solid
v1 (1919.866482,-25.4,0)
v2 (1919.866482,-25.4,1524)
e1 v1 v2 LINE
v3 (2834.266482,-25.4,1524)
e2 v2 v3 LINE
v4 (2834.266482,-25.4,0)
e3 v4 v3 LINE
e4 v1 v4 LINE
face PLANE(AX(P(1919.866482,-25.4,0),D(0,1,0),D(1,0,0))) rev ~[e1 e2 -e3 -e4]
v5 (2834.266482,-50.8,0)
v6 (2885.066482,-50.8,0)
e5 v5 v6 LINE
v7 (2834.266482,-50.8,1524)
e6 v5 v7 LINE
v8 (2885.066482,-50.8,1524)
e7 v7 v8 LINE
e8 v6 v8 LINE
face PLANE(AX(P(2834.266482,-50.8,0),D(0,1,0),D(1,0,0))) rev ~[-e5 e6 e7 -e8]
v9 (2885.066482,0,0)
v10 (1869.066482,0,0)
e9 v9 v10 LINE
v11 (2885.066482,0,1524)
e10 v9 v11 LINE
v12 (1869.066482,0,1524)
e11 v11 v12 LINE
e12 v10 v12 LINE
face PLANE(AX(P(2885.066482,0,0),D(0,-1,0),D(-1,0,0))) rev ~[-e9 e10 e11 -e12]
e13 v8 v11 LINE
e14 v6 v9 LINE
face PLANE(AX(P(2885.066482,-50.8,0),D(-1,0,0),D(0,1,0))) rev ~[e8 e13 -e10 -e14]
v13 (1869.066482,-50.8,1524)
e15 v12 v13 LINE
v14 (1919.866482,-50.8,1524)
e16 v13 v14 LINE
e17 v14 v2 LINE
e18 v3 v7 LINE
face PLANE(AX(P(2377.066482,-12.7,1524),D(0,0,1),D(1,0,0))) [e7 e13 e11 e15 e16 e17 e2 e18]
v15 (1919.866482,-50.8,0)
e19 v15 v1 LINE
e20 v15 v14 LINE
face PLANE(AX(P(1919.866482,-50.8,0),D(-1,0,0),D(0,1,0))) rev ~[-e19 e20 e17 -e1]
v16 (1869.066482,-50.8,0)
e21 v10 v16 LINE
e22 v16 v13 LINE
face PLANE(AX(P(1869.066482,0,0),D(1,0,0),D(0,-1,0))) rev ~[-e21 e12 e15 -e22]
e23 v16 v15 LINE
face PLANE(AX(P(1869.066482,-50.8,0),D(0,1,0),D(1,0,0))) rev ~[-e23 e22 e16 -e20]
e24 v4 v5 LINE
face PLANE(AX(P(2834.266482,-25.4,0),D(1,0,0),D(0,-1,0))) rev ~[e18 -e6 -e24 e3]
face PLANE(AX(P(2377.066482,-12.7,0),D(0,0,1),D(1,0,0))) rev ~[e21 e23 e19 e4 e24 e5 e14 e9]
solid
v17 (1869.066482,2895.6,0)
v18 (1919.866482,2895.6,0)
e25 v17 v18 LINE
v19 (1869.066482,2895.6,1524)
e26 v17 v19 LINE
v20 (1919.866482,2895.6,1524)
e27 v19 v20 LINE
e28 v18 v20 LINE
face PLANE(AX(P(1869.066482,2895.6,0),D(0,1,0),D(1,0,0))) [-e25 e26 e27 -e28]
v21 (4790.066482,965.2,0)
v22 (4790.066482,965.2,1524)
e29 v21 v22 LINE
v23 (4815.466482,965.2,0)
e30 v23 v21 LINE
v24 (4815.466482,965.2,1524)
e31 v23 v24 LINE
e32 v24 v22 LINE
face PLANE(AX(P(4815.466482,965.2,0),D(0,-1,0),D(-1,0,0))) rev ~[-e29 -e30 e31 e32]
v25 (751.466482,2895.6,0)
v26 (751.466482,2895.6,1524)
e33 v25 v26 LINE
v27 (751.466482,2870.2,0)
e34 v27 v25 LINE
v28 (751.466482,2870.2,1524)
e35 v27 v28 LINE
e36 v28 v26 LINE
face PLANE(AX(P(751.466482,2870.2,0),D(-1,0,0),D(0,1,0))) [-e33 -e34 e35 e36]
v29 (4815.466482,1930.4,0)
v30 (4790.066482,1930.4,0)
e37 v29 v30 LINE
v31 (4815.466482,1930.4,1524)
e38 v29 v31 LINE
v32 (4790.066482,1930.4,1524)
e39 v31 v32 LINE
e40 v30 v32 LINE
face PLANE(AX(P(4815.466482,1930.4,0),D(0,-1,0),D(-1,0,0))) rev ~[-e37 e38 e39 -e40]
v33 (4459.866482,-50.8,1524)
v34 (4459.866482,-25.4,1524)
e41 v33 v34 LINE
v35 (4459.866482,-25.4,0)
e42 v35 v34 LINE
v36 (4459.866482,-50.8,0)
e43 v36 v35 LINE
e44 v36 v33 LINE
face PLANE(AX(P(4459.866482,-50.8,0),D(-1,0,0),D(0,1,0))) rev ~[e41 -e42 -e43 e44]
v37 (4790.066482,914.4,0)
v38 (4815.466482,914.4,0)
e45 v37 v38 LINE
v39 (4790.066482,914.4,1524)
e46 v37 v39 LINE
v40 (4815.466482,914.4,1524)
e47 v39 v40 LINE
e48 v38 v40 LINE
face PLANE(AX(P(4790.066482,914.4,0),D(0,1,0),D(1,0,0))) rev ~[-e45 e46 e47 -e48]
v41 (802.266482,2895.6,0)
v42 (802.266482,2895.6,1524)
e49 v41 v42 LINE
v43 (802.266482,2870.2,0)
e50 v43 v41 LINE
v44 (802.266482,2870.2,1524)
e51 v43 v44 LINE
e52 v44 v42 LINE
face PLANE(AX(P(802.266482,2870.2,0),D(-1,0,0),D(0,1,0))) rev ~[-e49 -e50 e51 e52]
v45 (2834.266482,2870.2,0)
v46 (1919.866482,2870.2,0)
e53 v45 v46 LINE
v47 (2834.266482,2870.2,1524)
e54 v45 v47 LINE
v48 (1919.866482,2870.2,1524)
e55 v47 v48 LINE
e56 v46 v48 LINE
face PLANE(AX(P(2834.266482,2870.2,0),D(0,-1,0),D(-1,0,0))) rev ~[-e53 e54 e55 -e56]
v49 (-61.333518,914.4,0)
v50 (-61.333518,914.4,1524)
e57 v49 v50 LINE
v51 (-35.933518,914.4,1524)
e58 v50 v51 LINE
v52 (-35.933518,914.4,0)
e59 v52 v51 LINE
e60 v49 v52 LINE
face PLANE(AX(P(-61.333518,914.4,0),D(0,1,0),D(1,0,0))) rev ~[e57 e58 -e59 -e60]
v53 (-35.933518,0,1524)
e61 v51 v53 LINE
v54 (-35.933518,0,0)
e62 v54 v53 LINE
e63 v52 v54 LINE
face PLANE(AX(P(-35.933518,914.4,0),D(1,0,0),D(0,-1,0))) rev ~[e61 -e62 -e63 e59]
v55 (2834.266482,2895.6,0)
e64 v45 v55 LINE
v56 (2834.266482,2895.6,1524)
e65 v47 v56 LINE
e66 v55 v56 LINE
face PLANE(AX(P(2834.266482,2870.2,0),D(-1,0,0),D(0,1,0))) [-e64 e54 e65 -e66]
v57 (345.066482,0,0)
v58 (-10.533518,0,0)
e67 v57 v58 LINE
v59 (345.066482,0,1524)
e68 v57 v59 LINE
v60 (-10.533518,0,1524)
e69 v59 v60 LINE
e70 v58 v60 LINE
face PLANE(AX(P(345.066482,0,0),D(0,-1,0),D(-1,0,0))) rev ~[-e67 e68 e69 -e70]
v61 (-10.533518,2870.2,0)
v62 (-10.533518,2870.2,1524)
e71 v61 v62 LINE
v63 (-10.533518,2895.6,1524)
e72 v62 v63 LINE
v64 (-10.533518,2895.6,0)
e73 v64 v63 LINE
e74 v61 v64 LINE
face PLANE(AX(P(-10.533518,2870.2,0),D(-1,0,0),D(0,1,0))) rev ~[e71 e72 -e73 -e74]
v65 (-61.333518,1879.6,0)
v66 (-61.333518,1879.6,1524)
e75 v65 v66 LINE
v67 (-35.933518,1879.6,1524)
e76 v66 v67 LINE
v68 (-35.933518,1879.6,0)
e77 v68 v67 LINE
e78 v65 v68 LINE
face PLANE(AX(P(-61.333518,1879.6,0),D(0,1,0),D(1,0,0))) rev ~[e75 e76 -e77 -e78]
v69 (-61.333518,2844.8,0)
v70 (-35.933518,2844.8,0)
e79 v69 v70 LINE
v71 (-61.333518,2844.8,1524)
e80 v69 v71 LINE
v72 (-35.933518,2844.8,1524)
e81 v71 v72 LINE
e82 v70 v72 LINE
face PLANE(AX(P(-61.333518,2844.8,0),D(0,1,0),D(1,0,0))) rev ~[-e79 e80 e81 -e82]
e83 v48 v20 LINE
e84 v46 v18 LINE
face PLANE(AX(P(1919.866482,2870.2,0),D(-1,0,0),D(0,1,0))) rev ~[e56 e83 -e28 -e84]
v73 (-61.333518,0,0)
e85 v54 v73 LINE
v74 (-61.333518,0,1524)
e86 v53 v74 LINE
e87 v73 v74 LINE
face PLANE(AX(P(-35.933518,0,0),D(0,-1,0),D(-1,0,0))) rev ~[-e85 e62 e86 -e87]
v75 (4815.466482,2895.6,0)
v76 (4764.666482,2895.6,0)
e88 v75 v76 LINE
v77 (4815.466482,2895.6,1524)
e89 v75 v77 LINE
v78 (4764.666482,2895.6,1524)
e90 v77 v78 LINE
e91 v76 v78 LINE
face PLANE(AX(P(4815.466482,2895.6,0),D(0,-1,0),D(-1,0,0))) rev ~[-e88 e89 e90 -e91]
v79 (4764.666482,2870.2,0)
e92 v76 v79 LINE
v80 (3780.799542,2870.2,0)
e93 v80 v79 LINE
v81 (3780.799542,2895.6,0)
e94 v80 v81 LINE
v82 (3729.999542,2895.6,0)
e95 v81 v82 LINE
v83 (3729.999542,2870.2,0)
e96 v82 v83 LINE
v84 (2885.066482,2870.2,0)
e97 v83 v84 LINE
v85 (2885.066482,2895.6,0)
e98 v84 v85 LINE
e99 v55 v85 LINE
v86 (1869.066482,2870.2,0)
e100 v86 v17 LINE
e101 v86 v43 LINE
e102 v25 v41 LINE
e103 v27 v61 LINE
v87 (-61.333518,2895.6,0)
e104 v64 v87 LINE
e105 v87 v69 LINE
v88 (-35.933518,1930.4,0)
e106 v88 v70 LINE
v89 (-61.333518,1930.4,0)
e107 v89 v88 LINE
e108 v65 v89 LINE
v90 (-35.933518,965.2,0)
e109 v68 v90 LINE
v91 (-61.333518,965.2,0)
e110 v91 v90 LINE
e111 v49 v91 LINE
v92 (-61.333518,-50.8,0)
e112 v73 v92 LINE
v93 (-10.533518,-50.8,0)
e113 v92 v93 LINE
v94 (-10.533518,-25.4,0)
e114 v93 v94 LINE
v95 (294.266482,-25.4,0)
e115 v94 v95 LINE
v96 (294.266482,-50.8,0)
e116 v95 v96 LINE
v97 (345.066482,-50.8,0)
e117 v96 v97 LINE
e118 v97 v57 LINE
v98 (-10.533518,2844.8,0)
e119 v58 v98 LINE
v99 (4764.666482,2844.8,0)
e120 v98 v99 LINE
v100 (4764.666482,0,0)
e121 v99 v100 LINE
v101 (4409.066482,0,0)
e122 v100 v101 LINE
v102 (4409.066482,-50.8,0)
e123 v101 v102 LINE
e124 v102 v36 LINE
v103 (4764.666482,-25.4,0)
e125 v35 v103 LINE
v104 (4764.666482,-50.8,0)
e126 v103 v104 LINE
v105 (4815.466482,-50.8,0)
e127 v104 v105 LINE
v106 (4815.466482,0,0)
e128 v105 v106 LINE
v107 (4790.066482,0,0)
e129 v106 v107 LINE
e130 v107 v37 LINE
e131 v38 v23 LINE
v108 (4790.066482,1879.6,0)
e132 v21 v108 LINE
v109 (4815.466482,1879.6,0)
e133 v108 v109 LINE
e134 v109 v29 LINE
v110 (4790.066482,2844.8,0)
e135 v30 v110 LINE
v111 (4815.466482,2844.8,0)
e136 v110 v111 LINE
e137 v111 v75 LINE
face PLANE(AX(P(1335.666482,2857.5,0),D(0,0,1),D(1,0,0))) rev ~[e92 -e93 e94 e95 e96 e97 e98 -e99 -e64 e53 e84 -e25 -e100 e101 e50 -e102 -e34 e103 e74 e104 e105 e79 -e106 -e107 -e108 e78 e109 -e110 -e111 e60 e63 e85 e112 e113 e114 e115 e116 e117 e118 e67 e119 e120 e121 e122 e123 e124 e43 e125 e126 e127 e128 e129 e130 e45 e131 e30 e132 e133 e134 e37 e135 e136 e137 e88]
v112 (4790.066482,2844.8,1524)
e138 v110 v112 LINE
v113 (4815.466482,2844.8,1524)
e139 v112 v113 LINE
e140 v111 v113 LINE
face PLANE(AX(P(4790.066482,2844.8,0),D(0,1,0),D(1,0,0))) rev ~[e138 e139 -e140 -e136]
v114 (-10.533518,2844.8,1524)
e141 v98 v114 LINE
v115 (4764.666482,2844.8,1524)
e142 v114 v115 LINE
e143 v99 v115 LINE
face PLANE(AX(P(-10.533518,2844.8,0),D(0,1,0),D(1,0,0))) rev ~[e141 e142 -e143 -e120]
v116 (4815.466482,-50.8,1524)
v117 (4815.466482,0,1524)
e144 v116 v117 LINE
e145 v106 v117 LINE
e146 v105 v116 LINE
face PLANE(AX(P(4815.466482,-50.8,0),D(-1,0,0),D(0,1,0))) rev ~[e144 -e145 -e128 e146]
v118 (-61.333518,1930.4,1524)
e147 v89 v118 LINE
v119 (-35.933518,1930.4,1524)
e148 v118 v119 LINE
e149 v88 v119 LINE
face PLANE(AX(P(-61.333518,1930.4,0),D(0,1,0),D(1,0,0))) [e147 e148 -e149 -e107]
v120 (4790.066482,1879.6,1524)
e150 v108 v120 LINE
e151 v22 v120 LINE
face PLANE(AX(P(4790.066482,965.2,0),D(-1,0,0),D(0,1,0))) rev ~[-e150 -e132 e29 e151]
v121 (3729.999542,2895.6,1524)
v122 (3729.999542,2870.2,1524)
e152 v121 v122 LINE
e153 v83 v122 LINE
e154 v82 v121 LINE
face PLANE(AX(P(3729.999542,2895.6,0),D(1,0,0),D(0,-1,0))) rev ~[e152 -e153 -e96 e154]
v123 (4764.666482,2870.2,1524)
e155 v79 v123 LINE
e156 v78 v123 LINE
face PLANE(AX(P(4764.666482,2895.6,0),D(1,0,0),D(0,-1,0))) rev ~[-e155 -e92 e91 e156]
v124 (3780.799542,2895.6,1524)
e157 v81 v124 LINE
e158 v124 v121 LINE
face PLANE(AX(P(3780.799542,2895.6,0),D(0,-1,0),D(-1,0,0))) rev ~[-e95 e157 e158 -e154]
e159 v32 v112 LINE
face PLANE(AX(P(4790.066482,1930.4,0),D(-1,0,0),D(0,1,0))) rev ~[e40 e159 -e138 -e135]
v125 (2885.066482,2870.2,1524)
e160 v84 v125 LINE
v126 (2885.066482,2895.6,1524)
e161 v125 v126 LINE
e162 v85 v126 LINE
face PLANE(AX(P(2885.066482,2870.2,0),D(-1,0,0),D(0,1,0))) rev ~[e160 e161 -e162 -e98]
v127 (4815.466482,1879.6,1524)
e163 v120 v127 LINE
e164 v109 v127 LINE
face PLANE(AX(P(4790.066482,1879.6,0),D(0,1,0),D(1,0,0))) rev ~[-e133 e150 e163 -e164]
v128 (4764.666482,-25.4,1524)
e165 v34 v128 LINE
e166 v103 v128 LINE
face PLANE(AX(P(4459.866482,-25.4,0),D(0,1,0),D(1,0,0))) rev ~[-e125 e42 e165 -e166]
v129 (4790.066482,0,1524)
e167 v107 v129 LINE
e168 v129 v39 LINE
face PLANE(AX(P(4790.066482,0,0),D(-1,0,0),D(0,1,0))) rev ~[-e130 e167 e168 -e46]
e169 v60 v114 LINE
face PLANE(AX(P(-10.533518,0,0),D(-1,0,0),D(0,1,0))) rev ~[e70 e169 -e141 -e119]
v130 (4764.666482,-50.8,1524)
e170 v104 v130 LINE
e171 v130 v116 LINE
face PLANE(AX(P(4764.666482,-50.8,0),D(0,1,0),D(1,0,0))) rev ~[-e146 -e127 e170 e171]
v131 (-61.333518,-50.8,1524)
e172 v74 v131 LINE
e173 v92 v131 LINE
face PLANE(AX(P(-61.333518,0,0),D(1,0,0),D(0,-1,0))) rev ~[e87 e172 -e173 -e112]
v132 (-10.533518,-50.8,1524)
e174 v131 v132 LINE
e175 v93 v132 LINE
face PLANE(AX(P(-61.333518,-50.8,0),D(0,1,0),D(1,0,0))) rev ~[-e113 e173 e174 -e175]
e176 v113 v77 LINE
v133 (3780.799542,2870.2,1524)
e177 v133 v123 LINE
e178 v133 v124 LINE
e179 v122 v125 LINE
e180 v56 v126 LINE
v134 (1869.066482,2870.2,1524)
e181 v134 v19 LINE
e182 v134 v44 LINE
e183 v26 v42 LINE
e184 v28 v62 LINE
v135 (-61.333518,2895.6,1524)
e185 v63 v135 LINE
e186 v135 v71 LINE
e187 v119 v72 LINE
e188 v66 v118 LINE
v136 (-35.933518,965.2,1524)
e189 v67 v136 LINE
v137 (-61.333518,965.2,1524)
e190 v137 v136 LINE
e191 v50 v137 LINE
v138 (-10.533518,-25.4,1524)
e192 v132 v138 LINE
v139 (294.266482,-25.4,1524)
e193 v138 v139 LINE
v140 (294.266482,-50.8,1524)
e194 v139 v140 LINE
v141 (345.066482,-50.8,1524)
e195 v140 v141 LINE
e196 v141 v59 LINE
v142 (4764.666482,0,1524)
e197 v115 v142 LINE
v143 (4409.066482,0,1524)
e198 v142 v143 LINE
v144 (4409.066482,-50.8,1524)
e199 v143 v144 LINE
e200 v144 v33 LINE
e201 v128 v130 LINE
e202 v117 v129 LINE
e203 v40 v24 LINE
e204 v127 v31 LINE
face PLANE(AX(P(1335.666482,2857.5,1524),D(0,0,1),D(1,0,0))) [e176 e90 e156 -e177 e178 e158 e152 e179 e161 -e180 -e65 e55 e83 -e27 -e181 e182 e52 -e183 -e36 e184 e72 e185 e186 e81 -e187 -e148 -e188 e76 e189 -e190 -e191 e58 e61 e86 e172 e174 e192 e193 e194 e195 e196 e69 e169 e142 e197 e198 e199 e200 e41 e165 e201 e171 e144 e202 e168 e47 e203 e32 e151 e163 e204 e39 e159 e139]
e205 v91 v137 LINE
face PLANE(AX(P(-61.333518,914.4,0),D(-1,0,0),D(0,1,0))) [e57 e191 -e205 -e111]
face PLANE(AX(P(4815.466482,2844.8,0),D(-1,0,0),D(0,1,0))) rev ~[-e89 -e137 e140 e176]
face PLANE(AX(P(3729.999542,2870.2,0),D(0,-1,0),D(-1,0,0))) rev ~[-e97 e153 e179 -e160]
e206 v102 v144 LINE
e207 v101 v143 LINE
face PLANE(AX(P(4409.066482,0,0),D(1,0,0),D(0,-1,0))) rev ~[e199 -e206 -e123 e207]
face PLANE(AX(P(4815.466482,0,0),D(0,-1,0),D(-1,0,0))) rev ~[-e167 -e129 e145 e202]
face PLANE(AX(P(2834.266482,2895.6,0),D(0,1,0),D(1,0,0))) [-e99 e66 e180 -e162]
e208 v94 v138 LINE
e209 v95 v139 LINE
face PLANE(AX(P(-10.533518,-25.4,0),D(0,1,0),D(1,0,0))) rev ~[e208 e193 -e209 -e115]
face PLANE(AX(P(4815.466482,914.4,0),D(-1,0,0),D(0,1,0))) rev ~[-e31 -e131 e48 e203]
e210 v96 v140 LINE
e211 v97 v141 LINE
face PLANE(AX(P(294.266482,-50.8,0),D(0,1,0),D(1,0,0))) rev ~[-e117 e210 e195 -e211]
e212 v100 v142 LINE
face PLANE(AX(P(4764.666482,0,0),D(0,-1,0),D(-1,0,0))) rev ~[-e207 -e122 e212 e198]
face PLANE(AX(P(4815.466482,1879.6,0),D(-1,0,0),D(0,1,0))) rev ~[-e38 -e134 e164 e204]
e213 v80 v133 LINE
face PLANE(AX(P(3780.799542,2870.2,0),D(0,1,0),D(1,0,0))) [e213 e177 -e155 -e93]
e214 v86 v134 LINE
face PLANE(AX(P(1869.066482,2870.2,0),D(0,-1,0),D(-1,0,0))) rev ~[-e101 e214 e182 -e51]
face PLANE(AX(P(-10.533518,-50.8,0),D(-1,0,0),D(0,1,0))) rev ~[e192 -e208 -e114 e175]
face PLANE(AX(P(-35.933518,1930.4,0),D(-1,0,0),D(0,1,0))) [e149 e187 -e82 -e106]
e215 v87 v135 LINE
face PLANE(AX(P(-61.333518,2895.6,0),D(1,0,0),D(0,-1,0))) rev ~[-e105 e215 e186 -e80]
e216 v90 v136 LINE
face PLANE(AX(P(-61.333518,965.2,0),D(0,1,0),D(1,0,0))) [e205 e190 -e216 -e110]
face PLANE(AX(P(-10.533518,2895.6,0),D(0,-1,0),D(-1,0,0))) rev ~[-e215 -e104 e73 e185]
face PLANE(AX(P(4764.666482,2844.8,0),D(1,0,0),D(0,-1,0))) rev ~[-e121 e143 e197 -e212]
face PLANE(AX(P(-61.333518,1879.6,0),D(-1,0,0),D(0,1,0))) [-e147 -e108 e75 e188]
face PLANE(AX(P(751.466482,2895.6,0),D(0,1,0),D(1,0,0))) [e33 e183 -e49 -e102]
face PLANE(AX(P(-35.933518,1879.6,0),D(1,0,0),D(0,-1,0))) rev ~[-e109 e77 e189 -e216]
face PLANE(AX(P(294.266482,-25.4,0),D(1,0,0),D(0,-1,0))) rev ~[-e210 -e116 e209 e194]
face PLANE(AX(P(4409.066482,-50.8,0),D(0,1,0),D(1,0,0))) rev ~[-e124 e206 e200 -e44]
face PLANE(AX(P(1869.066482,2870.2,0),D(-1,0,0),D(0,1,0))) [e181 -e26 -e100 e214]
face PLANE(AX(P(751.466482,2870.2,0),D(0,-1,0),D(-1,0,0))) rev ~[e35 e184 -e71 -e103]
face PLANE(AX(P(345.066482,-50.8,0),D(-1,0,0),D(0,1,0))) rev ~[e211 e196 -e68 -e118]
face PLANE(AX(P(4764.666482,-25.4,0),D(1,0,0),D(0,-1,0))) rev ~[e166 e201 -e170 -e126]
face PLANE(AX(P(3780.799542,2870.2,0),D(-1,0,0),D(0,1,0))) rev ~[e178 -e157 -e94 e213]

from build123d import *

# Parameters (mm, degrees)
F0_W     = 914.4
F0_H     = 25.4
F0_W_2   = 1066.8
F0_W_3   = 25.4
F0_H_2   = 914.4
F0_W_4   = 304.8
F0_W_5   = 844.93306
F0_W_6   = 762
F0_W_7   = 983.86694
F0_W_8   = 50.8
F0_H_3   = 50.8
F1_DEPTH = 1524


with BuildPart() as f1:
    # F0 (on Top) → F1 (new body)
    with BuildSketch(Plane.XY):
        with Locations((2377.066482, -12.7)):
            Rectangle(F0_W, F0_H)
        with Locations((1335.666482, 2857.5)):
            Rectangle(F0_W_2, F0_H)
        with Locations((4777.366482, 2387.6)):
            Rectangle(F0_W_3, F0_H_2)
        with Locations((4777.366482, 1422.4)):
            Rectangle(F0_W_3, F0_H_2)
        with Locations((4612.266482, -12.7)):
            Rectangle(F0_W_4, F0_H)
        with Locations((3307.533012, 2857.5)):
            Rectangle(F0_W_5, F0_H)
        with Locations((370.466482, 2857.5)):
            Rectangle(F0_W_6, F0_H)
        with Locations((4272.733012, 2857.5)):
            Rectangle(F0_W_7, F0_H)
        with Locations((141.866482, -12.7)):
            Rectangle(F0_W_4, F0_H)
        with Locations((2377.066482, 2857.5)):
            Rectangle(F0_W, F0_H)
        with Locations((4777.366482, 457.2)):
            Rectangle(F0_W_3, F0_H_2)
        with Locations((-23.233518, 2387.6)):
            Rectangle(F0_W_3, F0_H_2)
        with Locations((-23.233518, 457.2)):
            Rectangle(F0_W_3, F0_H_2)
        with Locations((-23.233518, 1422.4)):
            Rectangle(F0_W_3, F0_H_2)
        with Locations((776.866482, 2857.5)):
            Rectangle(F0_W_8, F0_H)
        with Locations((776.866482, 2882.9)):
            Rectangle(F0_W_8, F0_H)
        with Locations((2859.666482, 2857.5)):
            Rectangle(F0_W_8, F0_H)
        Polygon((4790.066482, 1930.4), (4764.666482, 1930.4), (4764.666482, 1879.6), (4790.066482, 1879.6), (4815.466482, 1879.6), (4815.466482, 1930.4), align=None)
        with Locations((2859.666482, 2882.9)):
            Rectangle(F0_W_8, F0_H)
        with Locations((1894.466482, 2857.5)):
            Rectangle(F0_W_8, F0_H)
        Polygon((4790.066482, 965.2), (4764.666482, 965.2), (4764.666482, 914.4), (4790.066482, 914.4), (4815.466482, 914.4), (4815.466482, 965.2), align=None)
        with Locations((-23.233518, 939.8)):
            Rectangle(F0_W_3, F0_H_3)
        with Locations((-48.633518, 939.8)):
            Rectangle(F0_W_3, F0_H_3)
        with Locations((1894.466482, 2882.9)):
            Rectangle(F0_W_8, F0_H)
        Polygon((4459.866482, -25.4), (4459.866482, 0), (4409.066482, 0), (4409.066482, -50.8), (4459.866482, -50.8), align=None)
        Polygon((3729.999542, 2870.2), (3729.999542, 2844.8), (3780.799542, 2844.8), (3780.799542, 2870.2), (3780.799542, 2895.6), (3729.999542, 2895.6), align=None)
        with Locations((-48.633518, 1905)):
            Rectangle(F0_W_3, F0_H_3)
        with Locations((-23.233518, 1905)):
            Rectangle(F0_W_3, F0_H_3)
        Polygon((4764.666482, 2870.2), (4764.666482, 2844.8), (4790.066482, 2844.8), (4815.466482, 2844.8), (4815.466482, 2895.6), (4764.666482, 2895.6), align=None)
        Polygon((2834.266482, 0), (2834.266482, -25.4), (2834.266482, -50.8), (2885.066482, -50.8), (2885.066482, 0), align=None)
        Polygon((4790.066482, 0), (4764.666482, 0), (4764.666482, -25.4), (4764.666482, -50.8), (4815.466482, -50.8), (4815.466482, 0), align=None)
        Polygon((1869.066482, 0), (1869.066482, -50.8), (1919.866482, -50.8), (1919.866482, -25.4), (1919.866482, 0), align=None)
        Polygon((294.266482, 0), (294.266482, -25.4), (294.266482, -50.8), (345.066482, -50.8), (345.066482, 0), align=None)
        Polygon((-61.333518, 0), (-61.333518, -50.8), (-10.533518, -50.8), (-10.533518, -25.4), (-10.533518, 0), (-35.933518, 0), align=None)
        Polygon((-61.333518, 2844.8), (-35.933518, 2844.8), (-10.533518, 2844.8), (-10.533518, 2870.2), (-10.533518, 2895.6), (-61.333518, 2895.6), align=None)
    extrude(amount=F1_DEPTH)


solid = f1.part
